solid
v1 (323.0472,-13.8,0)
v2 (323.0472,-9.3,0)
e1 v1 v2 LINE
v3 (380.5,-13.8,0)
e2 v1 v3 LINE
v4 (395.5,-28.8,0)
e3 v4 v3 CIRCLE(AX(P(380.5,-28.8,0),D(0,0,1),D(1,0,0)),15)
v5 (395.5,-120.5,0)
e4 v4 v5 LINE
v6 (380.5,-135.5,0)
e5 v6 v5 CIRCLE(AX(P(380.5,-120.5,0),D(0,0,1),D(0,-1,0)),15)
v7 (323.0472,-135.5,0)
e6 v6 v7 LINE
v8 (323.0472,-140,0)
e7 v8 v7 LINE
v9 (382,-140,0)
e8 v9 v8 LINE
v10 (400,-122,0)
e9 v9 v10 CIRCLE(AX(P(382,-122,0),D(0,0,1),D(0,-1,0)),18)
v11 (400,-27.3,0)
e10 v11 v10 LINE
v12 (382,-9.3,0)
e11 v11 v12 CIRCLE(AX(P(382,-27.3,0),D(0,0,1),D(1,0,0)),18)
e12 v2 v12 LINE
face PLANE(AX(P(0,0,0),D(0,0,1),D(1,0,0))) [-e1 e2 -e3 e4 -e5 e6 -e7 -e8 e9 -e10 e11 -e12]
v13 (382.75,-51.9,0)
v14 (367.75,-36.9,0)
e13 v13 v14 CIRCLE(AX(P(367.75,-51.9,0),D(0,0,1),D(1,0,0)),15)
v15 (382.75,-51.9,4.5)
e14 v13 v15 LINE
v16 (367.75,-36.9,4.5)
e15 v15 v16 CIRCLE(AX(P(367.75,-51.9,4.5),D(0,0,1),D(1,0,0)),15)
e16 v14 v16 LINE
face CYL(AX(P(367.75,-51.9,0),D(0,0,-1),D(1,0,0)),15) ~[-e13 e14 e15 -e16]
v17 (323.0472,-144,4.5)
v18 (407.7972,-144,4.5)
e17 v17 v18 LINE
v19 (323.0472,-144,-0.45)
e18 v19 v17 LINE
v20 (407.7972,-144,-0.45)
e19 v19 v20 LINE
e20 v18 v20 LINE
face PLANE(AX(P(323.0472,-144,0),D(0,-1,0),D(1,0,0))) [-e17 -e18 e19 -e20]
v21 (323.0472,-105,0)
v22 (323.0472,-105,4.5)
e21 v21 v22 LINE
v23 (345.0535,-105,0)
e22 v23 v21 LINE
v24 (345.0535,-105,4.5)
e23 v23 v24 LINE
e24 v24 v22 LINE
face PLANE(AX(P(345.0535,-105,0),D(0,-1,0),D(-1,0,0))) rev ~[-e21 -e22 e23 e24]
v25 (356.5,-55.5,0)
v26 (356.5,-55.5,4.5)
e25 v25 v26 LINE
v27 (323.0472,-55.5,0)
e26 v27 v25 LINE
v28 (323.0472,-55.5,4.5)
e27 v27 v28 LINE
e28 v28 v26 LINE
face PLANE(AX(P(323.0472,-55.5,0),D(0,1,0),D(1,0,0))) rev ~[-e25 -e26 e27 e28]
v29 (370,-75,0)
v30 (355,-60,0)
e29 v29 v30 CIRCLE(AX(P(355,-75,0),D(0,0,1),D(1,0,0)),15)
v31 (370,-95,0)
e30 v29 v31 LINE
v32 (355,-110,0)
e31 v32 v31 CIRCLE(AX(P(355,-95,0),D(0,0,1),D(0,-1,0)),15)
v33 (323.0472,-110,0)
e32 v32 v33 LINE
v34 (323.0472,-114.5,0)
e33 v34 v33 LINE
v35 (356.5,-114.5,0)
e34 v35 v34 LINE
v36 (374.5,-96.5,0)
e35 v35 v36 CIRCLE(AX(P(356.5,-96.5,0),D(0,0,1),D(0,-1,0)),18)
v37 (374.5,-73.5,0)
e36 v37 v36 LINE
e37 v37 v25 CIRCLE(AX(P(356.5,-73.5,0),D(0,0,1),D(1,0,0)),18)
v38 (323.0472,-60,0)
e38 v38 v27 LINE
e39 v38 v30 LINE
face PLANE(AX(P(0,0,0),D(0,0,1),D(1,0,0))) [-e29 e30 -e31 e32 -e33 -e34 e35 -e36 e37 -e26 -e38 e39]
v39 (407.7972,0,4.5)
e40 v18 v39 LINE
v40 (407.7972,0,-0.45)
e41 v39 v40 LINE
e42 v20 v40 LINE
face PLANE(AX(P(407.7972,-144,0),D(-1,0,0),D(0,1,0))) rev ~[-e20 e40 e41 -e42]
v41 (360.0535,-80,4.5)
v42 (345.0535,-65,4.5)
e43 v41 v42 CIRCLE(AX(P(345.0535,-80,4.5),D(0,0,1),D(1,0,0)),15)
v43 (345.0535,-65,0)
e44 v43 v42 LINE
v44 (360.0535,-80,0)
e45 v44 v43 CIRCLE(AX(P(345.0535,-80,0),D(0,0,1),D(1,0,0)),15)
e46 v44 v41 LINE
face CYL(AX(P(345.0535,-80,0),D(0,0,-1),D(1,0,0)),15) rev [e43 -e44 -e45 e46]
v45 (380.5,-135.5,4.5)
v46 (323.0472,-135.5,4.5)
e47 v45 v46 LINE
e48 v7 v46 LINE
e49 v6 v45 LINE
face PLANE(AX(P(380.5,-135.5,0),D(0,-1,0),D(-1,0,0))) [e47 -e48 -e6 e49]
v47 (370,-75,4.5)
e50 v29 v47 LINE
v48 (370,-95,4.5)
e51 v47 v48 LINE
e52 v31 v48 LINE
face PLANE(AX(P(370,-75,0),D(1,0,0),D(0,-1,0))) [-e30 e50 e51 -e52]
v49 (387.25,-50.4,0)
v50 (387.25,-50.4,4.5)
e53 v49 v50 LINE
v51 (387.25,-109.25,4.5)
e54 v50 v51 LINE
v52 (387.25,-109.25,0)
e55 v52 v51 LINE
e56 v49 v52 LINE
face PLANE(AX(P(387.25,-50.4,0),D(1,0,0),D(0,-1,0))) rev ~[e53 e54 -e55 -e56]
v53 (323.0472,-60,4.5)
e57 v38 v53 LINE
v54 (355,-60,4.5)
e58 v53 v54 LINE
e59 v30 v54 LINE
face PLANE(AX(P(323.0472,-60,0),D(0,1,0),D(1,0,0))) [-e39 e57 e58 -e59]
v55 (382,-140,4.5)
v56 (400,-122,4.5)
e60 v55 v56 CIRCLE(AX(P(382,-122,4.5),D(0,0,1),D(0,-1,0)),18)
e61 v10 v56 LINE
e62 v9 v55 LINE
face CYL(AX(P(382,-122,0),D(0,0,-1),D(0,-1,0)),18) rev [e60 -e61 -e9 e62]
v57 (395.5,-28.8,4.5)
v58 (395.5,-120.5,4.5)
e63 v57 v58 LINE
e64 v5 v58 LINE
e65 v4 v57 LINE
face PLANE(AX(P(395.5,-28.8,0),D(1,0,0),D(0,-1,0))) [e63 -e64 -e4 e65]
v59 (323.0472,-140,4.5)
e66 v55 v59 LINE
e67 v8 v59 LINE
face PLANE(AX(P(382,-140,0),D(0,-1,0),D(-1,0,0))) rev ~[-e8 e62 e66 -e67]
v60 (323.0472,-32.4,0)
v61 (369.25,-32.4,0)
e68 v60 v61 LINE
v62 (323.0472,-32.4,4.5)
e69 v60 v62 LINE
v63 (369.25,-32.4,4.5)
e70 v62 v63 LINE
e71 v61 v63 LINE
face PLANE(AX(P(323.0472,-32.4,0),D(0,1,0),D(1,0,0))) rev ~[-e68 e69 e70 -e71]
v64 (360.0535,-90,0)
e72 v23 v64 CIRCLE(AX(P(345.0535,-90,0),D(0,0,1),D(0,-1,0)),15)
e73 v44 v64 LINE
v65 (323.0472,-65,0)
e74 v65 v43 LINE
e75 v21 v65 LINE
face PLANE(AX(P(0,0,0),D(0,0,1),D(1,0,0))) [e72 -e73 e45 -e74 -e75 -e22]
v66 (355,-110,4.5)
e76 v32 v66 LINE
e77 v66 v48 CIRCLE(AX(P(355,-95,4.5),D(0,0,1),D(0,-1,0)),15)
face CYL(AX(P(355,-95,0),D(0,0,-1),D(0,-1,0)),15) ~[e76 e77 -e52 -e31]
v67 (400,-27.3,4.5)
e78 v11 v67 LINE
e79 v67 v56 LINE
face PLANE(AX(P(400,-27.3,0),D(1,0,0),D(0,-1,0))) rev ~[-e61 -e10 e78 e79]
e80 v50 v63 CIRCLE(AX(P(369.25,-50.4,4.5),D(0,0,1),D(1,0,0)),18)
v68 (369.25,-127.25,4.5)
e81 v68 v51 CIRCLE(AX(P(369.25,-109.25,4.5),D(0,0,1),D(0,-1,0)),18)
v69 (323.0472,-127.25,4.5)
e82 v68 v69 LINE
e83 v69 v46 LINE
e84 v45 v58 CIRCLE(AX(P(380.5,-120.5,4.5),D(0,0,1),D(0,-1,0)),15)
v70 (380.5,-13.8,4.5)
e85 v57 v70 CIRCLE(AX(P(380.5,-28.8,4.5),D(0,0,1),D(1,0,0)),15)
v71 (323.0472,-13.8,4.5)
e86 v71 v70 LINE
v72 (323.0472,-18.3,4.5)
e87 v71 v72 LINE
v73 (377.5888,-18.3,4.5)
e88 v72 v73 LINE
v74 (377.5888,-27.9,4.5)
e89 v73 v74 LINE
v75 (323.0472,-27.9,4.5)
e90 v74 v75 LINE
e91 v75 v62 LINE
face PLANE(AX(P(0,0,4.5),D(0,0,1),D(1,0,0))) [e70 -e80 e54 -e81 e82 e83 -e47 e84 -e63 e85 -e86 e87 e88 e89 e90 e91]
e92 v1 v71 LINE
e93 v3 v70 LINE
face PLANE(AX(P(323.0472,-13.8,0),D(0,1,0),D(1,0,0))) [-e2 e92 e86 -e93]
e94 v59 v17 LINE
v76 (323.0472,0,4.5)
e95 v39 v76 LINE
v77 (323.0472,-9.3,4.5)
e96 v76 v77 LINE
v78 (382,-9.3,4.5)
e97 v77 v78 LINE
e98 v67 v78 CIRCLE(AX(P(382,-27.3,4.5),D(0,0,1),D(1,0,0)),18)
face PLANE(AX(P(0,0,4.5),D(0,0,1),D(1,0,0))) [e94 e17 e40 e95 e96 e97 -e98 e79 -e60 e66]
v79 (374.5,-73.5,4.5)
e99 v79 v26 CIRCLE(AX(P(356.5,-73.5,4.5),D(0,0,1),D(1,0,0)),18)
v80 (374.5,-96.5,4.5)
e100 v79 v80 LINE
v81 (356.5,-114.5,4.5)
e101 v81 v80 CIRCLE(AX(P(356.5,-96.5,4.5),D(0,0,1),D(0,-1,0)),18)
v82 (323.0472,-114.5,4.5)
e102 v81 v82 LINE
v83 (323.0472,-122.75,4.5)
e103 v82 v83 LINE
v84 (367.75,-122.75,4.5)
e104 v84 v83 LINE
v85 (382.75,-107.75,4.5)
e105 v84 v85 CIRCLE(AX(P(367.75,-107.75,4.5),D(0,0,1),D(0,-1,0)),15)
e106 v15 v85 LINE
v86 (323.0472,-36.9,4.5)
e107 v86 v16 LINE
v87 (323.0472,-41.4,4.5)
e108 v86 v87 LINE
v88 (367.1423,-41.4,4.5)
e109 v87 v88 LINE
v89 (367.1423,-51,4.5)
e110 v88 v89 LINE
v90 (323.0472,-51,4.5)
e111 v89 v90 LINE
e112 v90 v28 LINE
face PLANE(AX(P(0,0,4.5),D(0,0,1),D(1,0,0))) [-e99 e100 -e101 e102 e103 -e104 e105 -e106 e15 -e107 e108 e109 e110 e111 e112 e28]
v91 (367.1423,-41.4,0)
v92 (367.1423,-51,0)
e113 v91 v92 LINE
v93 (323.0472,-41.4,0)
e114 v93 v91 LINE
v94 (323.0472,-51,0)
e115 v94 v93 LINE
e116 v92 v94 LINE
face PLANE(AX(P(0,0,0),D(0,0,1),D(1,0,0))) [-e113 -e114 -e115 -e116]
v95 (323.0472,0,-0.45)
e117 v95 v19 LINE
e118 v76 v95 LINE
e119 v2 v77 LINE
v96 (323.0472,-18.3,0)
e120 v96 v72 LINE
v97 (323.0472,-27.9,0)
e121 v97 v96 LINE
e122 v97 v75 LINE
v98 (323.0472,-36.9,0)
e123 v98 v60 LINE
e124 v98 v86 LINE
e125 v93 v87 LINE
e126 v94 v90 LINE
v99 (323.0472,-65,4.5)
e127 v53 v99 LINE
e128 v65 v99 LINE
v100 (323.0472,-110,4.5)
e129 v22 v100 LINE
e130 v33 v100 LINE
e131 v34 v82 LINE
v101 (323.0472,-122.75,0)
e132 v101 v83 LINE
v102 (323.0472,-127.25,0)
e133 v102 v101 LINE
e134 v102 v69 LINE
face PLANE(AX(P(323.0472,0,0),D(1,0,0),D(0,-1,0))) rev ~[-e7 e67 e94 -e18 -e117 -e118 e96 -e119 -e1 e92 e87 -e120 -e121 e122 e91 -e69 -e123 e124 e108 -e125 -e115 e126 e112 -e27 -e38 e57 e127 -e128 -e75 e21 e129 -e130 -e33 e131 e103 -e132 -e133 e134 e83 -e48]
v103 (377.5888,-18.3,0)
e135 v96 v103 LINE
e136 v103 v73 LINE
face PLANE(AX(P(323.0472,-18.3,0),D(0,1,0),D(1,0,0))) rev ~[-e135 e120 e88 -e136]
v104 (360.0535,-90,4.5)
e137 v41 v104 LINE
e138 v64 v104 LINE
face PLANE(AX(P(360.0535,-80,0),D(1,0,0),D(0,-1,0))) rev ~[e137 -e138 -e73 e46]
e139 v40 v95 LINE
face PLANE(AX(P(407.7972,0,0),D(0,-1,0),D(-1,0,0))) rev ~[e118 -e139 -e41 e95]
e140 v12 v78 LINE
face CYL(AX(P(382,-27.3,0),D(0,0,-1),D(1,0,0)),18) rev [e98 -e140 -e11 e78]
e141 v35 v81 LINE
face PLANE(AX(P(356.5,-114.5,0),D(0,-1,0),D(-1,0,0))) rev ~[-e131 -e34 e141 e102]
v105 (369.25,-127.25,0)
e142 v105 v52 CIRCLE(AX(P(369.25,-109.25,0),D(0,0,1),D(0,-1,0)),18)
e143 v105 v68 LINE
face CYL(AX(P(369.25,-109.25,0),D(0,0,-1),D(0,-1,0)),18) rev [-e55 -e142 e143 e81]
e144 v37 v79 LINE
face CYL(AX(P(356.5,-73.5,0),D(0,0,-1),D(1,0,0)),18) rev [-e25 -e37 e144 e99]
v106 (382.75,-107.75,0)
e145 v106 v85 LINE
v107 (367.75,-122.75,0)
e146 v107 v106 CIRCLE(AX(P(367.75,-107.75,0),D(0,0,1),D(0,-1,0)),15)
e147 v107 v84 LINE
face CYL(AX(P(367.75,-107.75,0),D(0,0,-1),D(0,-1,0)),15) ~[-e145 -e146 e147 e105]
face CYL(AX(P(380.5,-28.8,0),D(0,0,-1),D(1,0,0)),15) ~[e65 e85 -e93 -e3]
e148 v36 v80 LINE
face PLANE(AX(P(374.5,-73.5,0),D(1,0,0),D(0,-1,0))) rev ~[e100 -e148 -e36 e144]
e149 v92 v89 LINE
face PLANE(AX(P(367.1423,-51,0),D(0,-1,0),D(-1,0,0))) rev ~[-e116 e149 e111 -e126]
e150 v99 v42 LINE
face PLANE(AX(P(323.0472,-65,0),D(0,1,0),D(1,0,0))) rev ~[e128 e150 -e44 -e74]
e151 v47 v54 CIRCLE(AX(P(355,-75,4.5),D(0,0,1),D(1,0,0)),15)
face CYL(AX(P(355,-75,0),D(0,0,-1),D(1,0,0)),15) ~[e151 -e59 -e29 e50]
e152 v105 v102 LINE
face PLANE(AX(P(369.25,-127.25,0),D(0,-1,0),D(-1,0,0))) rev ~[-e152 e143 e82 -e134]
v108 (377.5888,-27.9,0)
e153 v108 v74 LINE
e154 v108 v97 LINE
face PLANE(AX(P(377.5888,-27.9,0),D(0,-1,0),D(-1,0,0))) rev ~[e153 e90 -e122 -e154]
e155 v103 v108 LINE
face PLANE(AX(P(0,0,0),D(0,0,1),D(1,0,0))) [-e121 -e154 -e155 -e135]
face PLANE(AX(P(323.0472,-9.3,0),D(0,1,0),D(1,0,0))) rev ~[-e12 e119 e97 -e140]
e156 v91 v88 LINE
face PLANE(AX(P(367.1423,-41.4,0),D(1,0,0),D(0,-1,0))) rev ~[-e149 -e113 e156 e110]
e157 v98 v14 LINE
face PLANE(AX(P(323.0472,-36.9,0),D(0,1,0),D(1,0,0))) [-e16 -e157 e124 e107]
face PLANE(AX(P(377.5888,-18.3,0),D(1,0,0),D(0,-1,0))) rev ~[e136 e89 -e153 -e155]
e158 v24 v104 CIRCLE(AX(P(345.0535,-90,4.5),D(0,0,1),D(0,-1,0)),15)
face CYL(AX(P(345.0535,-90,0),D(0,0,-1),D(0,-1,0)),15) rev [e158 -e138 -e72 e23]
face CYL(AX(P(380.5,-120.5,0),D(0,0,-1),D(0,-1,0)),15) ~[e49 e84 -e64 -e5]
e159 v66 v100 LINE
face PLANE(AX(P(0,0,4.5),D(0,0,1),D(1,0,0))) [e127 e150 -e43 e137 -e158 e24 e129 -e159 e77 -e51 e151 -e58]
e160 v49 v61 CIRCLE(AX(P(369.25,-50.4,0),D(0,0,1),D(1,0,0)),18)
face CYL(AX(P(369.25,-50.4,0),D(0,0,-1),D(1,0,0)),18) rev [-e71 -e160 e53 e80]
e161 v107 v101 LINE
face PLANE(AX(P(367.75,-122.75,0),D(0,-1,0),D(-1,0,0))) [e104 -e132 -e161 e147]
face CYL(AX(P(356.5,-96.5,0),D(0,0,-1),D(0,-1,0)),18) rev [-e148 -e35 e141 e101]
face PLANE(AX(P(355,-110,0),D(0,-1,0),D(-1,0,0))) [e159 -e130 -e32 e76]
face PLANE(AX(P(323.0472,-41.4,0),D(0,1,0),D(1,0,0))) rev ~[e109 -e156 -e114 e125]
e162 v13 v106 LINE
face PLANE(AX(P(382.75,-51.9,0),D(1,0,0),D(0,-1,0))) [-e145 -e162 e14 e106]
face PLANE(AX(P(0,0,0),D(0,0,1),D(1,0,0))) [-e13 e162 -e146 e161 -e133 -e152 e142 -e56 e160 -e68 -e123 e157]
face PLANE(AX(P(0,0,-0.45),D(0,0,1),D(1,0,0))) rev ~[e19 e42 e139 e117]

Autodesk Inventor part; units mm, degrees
ref_plane "YZ Plane" through (0, 0, 0) normal (1, 0, 0) x (0, 1, 0)
sketch "Sketch1" plane through (0, 0, 0) normal (0, 0, 1) x (1, 0, 0)
  line L0 (-5, -9.3) -> (382, -9.3)
  line L1 (400, -27.3) -> (400, -122)
  line L2 (382, -140) -> (-400, -140)
  line L3 (-400, -140) -> (-400, -32.4)
  line L4 (-5, -9.3) -> (-5, -13.8)
  line L5 (-5, -13.8) -> (380.5, -13.8)
  line L6 (395.5, -28.8) -> (395.5, -120.5)
  line L7 (380.5, -135.5) -> (-395.5, -135.5)
  line L8 (-400, -32.4) -> (369.25, -32.4)
  line L9 (387.25, -50.4) -> (387.25, -109.25)
  line L10 (369.25, -127.25) -> (-387.25, -127.25)
  line L11 (-395.5, -135.5) -> (-395.5, -36.9)
  line L12 (-395.5, -36.9) -> (367.75, -36.9)
  line L13 (382.75, -51.9) -> (382.75, -107.75)
  line L14 (367.75, -122.75) -> (-382.75, -122.75)
  line L15 (-382.75, -122.75) -> (-382.75, -60)
  line L16 (-387.25, -127.25) -> (-387.25, -55.5)
  line L17 (-387.25, -55.5) -> (356.5, -55.5)
  line L18 (374.5, -73.5) -> (374.5, -96.5)
  line L19 (-382.75, -60) -> (355, -60)
  line L20 (370, -75) -> (370, -95)
  line L21 (355, -110) -> (-374.5, -110)
  line L22 (356.5, -114.5) -> (-374.5, -114.5)
  line L23 (-374.5, -114.5) -> (-374.5, -110)
  line L24 (323.0472, -144) -> (407.7972, -144)
  line L25 (407.7972, -144) -> (407.7972, 0)
  line L26 (407.7972, 0) -> (323.0472, 0)
  line L27 (-561.5594, 0) -> (569.3566, 0) projected
  line L28 (323.0472, -65) -> (345.0535, -65)
  line L29 (360.0535, -80) -> (360.0535, -90)
  line L30 (345.0535, -105) -> (323.0472, -105)
  arc A0 (360.0535, -67) -> (358.0535, -65) centre (358.0535, -67) ccw
  arc A1 (360.0535, -80) -> (345.0535, -65) centre (345.0535, -80) ccw
  arc A2 (345.0535, -105) -> (360.0535, -90) centre (345.0535, -90) ccw
  line L31 (323.0472, -18.3) -> (377.5888, -18.3)
  line L32 (377.5888, -18.3) -> (377.5888, -27.9)
  line L33 (377.5888, -27.9) -> (323.0472, -27.9)
  line L34 (323.0472, -41.4) -> (367.1423, -41.4)
  line L35 (367.1423, -41.4) -> (367.1423, -51)
  line L36 (367.1423, -51) -> (323.0472, -51)
  arc A3 (395.5, -28.8) -> (380.5, -13.8) centre (380.5, -28.8) ccw
  arc A4 (382.75, -51.9) -> (367.75, -36.9) centre (367.75, -51.9) ccw
  arc A5 (370, -75) -> (355, -60) centre (355, -75) ccw
  arc A6 (355, -110) -> (370, -95) centre (355, -95) ccw
  arc A7 (367.75, -122.75) -> (382.75, -107.75) centre (367.75, -107.75) ccw
  arc A8 (380.5, -135.5) -> (395.5, -120.5) centre (380.5, -120.5) ccw
  arc A9 (400, -27.3) -> (382, -9.3) centre (382, -27.3) ccw
  arc A10 (387.25, -50.4) -> (369.25, -32.4) centre (369.25, -50.4) ccw
  arc A11 (374.5, -73.5) -> (356.5, -55.5) centre (356.5, -73.5) ccw
  arc A12 (356.5, -114.5) -> (374.5, -96.5) centre (356.5, -96.5) ccw
  arc A13 (369.25, -127.25) -> (387.25, -109.25) centre (369.25, -109.25) ccw
  arc A14 (382, -140) -> (400, -122) centre (382, -122) ccw
  line L37 (323.0472, 0) -> (323.0472, -144)
  point P0 (0, 0)
  point P1 (400, -9.3)
  point P2 (400, -140)
  point P3 (395.5, -13.8)
  point P4 (395.5, -135.5)
  point P5 (387.25, -32.4)
  point P6 (387.25, -127.25)
  point P7 (382.75, -36.9)
  point P8 (382.75, -122.75)
  point P9 (374.5, -55.5)
  point P10 (374.5, -114.5)
  point P11 (370, -60)
  point P12 (370, -110)
  point P13 (0, 0)
  point P14 (400, -9.3)
  point P15 (400, -9.3)
  point P16 (400, -9.3)
  point P17 (395.5, -13.8)
  point P18 (395.5, -13.8)
  point P19 (395.5, -13.8)
  point P20 (387.25, -32.4)
  point P21 (387.25, -32.4)
  point P22 (387.25, -32.4)
  point P23 (382.75, -36.9)
  point P24 (382.75, -36.9)
  point P25 (382.75, -36.9)
  point P26 (374.5, -55.5)
  point P27 (374.5, -55.5)
  point P28 (374.5, -55.5)
  point P29 (370, -60)
  point P30 (370, -60)
  point P31 (370, -60)
  point P32 (370, -110)
  point P33 (370, -110)
  point P34 (370, -110)
  point P35 (374.5, -114.5)
  point P36 (374.5, -114.5)
  point P37 (374.5, -114.5)
  point P38 (382.75, -122.75)
  point P39 (382.75, -122.75)
  point P40 (382.75, -122.75)
  point P41 (387.25, -127.25)
  point P42 (387.25, -127.25)
  point P43 (387.25, -127.25)
  point P44 (395.5, -135.5)
  point P45 (395.5, -135.5)
  point P46 (395.5, -135.5)
  point P47 (400, -140)
  point P48 (400, -140)
  point P49 (400, -140)
  point P50 (360.0535, -65)
  point P51 (360.0535, -105)
  point P52 (323.0472, -13.8)
  point P53 (323.0472, -9.3)
  point P54 (323.0472, -36.9)
  point P55 (323.0472, -32.4)
  point P56 (323.0472, -140)
  point P57 (323.0472, -135.5)
  point P58 (323.0472, -110)
  point P59 (323.0472, -60)
  point P60 (323.0472, -122.75)
  point P61 (323.0472, -114.5)
  point P62 (323.0472, -55.5)
  point P63 (323.0472, -127.25)
  dimension "d91" = 0
  dimension "d1" = 4.5
  dimension "d2" = 4.5
  dimension "d3" = 4.5
  dimension "d5" = 800
  dimension "d6" = 400
  dimension "d7" = 4.5
  dimension "d8" = 4.5
  dimension "d9" = 8.25
  dimension "d10" = 4.5
  dimension "d11" = 18.6
  dimension "d12" = 4.5
  dimension "d13" = 8.25
  dimension "d14" = 4.5
  dimension "d15" = 4.5
  dimension "d16" = 4.5
  dimension "d17" = 8.25
  dimension "d19" = 18.6
  dimension "d20" = 8.25
  dimension "d88" = 4.5
  dimension "d89" = 8.25
  dimension "d90" = 8.25
  dimension "d106" = 144
  dimension "d111" = 5
  dimension "d112" = 5
  dimension "d113" = 2
  dimension "d114" = 15
  dimension "d115" = 4.5
  dimension "d116" = 4.5
  dimension "d117" = 4.5
  dimension "d118" = 4.5
  dimension "d119" = 140
  dimension "d120" = 9.3
  dimension "d121" = 15
  dimension "d122" = 18
extrude "Extrusion1" add sketch "Sketch1" along normal blind 4.5 contours L37 L26 L25 L24 L2 A14 L1 A9 L0 | L5 A3 L6 A8 L7 L37 L10 A13 L9 A10 L8 L33 L32 L31 | L12 A4 L13 A7 L14 L37 L22 A12 L18 A11 L17 L36 L35 L34 | L19 A5 L20 A6 L21 L37 L30 A2 L29 A1 L28
extrude "Extrusion7" add sketch "Sketch1" against normal blind 0.45 contours L37 L26 L25 L24 L2 A14 L1 A9 L0 | L0 A9 L1 A14 L2 L37 L7 A8 L6 A3 L5 | L5 A3 L6 A8 L7 L37 L10 A13 L9 A10 L8 L33 L32 L31 | L31 L32 L33 L37 | L8 A10 L9 A13 L10 L37 L14 A7 L13 A4 L12 | L12 A4 L13 A7 L14 L37 L22 A12 L18 A11 L17 L36 L35 L34 | L34 L35 L36 L37 | L17 A11 L18 A12 L22 L37 L21 A6 L20 A5 L19 | L19 A5 L20 A6 L21 L37 L30 A2 L29 A1 L28 | L28 A1 L29 A2 L30 L37
equation "\"d1\" = wire_diameter"
equation "\"d2\" = wire_diameter"
equation "\"d3\" = wire_diameter"
equation "\"d5\" = track_length"
equation "\"d6\" = 0.5 * track_length"
equation "\"d7\" = wire_diameter"
equation "\"d8\" = wire_diameter"
equation "\"d9\" = distance_between_wires_edge"
equation "\"d10\" = wire_diameter"
equation "\"d11\" = distance_between_wires"
equation "\"d12\" = wire_diameter"
equation "\"d13\" = distance_between_wires_edge"
equation "\"d14\" = wire_diameter"
equation "\"d15\" = wire_diameter"
equation "\"d16\" = wire_diameter"
equation "\"d17\" = distance_between_wires_edge"
equation "\"d19\" = distance_between_wires"
equation "\"d20\" = distance_between_wires_edge"
equation "\"d22\" = wire_diameter"
equation "\"track_length\" = 800"
equation "\"wire_diameter\" = 4.5"
equation "\"distance_between_wires\" = -1.2 * wire_diameter + 0.2 * parameter_6"
equation "\"distance_between_wires_edge\" = 8.25"
equation "\"bend_radius\" = 15"
equation "\"bend_radius_outer\" = 18"
equation "\"parameter_6\" = 120"
properties part number "primary_coil_0R2_test_cut"
